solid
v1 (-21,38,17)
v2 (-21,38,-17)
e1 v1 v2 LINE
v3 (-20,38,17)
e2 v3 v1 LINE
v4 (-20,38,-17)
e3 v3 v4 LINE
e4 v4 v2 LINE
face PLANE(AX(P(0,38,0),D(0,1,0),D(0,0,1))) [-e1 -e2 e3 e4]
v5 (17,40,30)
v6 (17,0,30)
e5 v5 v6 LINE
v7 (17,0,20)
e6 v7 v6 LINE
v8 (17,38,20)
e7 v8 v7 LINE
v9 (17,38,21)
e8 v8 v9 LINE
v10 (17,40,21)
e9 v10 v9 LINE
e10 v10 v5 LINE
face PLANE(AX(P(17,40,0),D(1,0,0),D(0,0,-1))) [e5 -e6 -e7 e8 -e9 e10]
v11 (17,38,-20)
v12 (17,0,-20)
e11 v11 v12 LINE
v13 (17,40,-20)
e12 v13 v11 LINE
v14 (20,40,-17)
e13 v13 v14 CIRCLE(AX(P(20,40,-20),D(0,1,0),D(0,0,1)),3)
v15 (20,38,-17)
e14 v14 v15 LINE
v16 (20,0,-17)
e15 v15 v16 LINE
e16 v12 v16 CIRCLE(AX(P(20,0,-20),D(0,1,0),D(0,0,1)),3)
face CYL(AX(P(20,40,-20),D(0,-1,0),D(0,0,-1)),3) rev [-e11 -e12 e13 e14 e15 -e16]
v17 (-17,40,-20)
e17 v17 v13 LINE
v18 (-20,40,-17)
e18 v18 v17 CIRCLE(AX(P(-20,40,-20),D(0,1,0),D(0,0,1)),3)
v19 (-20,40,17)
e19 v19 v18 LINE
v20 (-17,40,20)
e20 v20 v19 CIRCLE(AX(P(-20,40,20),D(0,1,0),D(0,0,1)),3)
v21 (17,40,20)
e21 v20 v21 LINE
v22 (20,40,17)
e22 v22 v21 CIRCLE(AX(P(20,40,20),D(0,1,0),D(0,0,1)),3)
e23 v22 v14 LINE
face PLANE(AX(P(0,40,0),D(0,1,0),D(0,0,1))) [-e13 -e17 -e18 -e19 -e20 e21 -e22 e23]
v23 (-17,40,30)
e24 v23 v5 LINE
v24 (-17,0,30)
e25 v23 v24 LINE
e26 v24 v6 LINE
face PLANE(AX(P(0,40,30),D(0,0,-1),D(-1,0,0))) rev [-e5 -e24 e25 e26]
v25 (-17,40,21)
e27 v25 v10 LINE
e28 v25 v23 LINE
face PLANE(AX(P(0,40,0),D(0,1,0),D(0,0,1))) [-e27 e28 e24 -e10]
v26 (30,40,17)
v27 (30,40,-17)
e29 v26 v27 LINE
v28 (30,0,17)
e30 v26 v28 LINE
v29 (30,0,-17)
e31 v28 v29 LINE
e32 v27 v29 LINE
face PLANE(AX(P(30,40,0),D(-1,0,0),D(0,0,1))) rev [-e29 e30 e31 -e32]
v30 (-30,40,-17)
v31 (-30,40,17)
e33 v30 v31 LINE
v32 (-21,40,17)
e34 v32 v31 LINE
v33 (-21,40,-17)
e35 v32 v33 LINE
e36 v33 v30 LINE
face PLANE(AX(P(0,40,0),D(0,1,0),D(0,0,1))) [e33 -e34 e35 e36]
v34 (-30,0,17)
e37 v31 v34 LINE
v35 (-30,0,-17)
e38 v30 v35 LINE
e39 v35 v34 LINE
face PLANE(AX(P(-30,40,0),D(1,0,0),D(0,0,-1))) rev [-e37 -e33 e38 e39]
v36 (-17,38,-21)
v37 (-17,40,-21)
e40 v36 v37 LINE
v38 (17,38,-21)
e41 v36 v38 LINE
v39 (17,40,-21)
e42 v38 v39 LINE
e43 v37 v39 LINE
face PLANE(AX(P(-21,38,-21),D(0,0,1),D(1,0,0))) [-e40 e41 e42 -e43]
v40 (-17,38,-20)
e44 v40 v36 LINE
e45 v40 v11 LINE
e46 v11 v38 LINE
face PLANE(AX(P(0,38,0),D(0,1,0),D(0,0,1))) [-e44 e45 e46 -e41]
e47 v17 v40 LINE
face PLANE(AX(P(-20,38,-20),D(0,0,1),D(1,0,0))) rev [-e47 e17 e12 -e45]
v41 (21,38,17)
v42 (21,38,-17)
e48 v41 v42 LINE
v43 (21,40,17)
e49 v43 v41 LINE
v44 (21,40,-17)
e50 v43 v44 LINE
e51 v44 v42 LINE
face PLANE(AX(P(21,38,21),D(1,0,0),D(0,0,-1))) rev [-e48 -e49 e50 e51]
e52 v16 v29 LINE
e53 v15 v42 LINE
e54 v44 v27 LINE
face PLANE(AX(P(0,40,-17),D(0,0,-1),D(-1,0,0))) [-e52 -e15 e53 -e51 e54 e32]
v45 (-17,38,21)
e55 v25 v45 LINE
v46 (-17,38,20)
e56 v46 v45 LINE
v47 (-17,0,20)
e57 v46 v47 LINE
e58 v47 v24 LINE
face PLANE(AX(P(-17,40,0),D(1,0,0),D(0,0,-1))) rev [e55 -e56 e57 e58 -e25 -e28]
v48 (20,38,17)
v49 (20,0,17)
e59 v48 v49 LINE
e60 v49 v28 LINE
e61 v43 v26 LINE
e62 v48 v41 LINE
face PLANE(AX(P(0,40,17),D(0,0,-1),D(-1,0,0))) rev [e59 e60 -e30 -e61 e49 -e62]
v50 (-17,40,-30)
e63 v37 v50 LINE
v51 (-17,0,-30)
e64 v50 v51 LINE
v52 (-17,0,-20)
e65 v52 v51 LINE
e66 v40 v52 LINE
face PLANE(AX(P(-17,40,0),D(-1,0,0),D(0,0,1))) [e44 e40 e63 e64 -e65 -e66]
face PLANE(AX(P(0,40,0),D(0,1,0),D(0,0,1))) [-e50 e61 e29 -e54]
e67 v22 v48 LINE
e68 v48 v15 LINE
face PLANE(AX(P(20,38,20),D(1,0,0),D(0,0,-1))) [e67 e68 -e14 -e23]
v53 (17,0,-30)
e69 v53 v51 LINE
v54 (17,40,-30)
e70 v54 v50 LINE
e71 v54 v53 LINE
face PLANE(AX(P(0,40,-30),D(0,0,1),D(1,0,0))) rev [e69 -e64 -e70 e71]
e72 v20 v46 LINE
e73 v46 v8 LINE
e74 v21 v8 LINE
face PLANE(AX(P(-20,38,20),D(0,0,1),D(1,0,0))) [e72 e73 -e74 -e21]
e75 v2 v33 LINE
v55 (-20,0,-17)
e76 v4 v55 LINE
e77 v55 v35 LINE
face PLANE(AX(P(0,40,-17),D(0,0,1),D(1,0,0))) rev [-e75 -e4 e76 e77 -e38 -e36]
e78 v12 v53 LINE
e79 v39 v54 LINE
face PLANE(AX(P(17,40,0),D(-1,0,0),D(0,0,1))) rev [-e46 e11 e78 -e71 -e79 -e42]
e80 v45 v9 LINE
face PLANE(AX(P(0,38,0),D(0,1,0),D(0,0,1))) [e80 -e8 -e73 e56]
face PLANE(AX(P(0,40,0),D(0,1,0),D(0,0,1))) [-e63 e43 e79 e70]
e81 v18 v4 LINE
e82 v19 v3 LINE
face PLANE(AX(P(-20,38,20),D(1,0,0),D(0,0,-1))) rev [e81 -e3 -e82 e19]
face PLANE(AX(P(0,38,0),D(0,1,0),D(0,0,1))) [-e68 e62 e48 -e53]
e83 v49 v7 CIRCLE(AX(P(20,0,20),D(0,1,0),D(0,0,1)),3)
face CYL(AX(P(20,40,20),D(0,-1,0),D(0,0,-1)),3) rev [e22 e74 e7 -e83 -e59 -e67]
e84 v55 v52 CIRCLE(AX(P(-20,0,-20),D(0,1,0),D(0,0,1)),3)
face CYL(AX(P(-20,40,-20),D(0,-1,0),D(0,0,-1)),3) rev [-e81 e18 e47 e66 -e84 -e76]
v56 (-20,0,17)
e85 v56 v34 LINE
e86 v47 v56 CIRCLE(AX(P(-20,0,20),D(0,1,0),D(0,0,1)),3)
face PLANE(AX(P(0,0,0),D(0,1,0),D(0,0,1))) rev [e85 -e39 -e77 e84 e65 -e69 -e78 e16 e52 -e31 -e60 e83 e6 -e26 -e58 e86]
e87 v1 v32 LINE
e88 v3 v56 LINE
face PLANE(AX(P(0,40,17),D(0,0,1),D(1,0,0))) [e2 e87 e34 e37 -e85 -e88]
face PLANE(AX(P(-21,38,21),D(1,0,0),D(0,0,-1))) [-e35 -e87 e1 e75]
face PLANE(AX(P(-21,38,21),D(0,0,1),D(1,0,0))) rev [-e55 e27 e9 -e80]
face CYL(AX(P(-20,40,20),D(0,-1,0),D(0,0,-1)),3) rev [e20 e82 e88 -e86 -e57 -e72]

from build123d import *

# Parameters (mm, degrees)
BOSS_EXTRUDE1_DEPTH = 40
SKETCH3_W           = 42
SKETCH3_H           = 42
SKETCH3_W_2         = 40
SKETCH3_H_2         = 40
CUT_EXTRUDE2_DEPTH  = 2


with BuildPart() as part:
    # Sketch1 → Boss-Extrude1 (new body)
    with BuildSketch(Plane(origin=(0, 0, 0), x_dir=(1, 0, 0), z_dir=(0, 1, 0))):
        with BuildLine():
            ThreePointArc((-17, 20), (-17.878679656, 17.878679656), (-20, 17))
            Line((-20, 17), (-30, 17))
            Line((-30, 17), (-30, -17))
            Line((-30, -17), (-20, -17))
            ThreePointArc((-20, -17), (-17.878679656, -17.878679656), (-17, -20))
            Line((-17, -20), (-17, -30))
            Line((-17, -30), (17, -30))
            Line((17, -30), (17, -20))
            ThreePointArc((17, -20), (17.878679656, -17.878679656), (20, -17))
            Line((20, -17), (30, -17))
            Line((30, -17), (30, 17))
            Line((30, 17), (20, 17))
            ThreePointArc((20, 17), (17.878679656, 17.878679656), (17, 20))
            Line((17, 20), (17, 30))
            Line((17, 30), (-17, 30))
            Line((-17, 30), (-17, 20))
        make_face()
    extrude(amount=BOSS_EXTRUDE1_DEPTH)

    # Sketch3 → Cut-Extrude2 (cut)
    with BuildSketch(Plane(origin=(0, 40, 0), x_dir=(1, 0, 0), z_dir=(0, 1, 0))):
        Rectangle(SKETCH3_W, SKETCH3_H)
        Rectangle(SKETCH3_W_2, SKETCH3_H_2, mode=Mode.SUBTRACT)
    extrude(amount=-CUT_EXTRUDE2_DEPTH, mode=Mode.SUBTRACT)


solid = part.part
